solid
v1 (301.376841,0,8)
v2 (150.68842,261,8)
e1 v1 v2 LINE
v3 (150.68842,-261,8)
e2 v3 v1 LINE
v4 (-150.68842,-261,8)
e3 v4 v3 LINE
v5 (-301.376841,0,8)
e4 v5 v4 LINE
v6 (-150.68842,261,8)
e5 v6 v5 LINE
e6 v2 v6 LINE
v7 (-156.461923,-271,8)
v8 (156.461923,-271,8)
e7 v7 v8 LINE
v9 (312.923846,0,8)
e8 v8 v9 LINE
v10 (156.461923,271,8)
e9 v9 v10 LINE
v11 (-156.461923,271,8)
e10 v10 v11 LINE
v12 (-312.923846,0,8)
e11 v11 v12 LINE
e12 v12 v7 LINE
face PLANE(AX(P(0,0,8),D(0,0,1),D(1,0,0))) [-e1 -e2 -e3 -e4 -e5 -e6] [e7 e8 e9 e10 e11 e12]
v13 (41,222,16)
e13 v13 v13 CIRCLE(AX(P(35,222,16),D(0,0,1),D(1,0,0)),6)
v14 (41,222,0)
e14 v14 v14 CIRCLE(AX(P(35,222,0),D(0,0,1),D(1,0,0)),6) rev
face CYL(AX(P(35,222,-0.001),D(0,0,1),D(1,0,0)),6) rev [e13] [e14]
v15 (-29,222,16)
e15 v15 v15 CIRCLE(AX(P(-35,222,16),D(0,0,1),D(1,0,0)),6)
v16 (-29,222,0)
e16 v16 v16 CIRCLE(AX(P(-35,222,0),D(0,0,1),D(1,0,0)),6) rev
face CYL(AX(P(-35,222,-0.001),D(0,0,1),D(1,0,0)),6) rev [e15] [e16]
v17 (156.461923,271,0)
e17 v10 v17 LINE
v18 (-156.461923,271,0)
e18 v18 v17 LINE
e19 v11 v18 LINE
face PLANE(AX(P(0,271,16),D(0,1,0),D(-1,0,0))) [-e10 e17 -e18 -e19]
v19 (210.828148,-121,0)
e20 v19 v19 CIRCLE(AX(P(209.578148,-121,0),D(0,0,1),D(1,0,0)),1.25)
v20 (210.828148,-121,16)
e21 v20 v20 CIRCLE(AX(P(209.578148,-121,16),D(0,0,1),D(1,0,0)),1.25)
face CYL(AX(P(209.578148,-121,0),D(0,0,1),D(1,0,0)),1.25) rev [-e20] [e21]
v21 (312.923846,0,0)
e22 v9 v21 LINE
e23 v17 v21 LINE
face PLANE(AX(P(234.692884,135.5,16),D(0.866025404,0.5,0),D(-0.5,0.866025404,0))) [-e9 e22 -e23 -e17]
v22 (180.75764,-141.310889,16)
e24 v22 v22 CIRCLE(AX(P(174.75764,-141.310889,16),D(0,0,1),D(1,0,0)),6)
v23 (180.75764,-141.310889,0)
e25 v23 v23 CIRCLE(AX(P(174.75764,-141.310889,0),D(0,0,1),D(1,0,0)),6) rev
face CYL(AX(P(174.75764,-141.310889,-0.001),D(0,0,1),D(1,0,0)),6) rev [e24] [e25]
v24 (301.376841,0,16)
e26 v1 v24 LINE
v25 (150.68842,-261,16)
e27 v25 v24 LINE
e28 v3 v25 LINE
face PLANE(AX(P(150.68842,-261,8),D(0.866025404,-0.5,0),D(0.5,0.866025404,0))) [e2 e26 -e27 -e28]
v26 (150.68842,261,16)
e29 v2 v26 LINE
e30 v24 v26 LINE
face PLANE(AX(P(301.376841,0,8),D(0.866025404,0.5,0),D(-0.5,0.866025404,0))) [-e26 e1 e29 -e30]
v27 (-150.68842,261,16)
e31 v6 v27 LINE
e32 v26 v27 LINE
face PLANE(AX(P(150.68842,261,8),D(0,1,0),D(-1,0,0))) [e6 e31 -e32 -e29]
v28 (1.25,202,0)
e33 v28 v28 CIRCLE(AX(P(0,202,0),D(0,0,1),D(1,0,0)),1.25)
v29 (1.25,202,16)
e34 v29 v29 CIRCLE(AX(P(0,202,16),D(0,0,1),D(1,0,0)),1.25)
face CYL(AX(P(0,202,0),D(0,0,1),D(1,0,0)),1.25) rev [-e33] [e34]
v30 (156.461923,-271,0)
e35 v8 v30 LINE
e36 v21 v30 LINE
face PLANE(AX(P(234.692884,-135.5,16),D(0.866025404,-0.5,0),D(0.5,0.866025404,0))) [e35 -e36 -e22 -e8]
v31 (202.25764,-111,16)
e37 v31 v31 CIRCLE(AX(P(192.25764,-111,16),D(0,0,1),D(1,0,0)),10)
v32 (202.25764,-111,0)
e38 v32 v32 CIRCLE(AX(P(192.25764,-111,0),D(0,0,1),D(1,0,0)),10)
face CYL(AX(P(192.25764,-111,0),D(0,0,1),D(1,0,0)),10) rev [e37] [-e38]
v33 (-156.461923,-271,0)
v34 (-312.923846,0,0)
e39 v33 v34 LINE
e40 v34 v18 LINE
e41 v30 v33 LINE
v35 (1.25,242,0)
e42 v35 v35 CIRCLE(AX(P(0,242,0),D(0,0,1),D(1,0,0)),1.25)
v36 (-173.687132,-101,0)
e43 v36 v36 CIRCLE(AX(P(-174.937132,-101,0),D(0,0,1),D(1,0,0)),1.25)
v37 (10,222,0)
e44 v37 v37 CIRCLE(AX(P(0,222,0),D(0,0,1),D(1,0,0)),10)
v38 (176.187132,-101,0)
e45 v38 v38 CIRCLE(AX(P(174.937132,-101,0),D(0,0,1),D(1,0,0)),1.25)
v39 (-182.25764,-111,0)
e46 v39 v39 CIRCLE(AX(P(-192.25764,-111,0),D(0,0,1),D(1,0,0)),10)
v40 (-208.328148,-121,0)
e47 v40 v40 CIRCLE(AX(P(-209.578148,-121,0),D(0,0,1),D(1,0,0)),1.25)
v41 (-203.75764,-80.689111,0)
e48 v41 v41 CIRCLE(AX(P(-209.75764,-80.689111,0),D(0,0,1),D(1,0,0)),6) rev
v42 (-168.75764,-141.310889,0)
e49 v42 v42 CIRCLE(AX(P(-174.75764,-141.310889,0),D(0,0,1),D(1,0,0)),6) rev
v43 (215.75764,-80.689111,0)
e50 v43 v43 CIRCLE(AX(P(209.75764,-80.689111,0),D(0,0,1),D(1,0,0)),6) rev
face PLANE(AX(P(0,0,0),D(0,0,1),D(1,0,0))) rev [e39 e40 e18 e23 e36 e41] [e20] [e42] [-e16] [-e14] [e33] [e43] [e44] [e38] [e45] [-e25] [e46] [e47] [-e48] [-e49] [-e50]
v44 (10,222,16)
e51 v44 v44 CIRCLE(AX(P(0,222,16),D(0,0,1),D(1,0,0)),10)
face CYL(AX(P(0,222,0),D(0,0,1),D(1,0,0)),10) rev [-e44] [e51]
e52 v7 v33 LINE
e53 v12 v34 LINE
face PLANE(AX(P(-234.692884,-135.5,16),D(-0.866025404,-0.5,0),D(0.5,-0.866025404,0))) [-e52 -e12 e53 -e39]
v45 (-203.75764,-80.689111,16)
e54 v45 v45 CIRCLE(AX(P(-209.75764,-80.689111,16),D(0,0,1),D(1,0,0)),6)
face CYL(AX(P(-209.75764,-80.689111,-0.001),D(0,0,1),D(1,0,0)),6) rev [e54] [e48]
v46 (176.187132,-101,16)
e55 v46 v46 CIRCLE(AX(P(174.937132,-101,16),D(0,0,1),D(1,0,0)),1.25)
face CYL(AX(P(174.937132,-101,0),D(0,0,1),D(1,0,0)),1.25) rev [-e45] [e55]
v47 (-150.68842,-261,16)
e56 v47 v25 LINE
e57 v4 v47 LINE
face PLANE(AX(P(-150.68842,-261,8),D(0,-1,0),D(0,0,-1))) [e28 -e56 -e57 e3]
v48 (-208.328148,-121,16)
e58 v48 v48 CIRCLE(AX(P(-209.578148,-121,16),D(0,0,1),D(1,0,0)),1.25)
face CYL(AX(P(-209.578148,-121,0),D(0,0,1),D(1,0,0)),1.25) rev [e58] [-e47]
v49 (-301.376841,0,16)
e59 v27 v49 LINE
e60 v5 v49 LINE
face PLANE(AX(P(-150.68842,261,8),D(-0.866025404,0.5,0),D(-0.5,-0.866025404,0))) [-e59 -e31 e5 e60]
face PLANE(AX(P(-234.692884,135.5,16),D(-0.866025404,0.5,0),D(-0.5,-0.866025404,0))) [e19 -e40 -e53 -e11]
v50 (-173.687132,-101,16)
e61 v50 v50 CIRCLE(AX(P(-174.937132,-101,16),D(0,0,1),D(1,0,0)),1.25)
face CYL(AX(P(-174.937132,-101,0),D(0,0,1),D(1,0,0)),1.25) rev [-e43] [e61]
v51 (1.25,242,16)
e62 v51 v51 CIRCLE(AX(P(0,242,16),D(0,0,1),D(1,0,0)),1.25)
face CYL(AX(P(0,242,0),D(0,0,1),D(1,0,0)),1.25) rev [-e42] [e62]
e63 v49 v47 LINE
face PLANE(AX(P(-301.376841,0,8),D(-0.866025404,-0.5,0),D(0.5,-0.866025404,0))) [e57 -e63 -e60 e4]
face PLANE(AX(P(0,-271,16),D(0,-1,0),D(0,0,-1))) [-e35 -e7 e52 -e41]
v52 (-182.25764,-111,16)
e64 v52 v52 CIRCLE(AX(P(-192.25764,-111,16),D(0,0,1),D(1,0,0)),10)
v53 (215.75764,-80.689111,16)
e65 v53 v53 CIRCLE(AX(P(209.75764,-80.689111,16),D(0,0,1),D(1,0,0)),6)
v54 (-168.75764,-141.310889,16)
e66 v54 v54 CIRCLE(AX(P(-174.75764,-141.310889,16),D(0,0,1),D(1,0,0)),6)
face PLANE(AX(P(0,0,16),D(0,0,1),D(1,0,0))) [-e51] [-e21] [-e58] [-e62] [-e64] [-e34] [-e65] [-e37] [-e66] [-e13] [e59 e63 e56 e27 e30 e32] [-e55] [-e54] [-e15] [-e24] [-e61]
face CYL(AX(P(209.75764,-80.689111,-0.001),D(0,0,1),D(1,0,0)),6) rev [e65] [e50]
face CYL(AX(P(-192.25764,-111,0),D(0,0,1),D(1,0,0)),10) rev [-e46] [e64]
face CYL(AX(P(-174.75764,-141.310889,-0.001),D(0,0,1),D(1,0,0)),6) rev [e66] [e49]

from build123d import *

# Parameters (mm, degrees)
BOSS_EXTRUDE1_DEPTH = 16
CUT_EXTRUDE1_REACH  = 426.953
SKETCH3_R           = 6
SKETCH4_OUTSIDE_W   = 813.904
SKETCH4_OUTSIDE_H   = 727.89
CUT_EXTRUDE2_DEPTH  = 8
SKETCH5_R           = 1.25
SKETCH5_R_2         = 10
CUT_EXTRUDE3_DEPTH  = 425.953330771
CUT_EXTRUDE6_DEPTH  = 425.953330771


with BuildPart() as part:
    # Sketch1 → Boss-Extrude1 (new body)
    with BuildSketch(Plane.XY):
        Polygon((160.503374835, 278), (-160.503374835, 278), (-321.006749669, 0), (-160.503374835, -278), (160.503374835, -278), (321.006749669, 0), align=None)
    extrude(amount=BOSS_EXTRUDE1_DEPTH)

    # Sketch3 → Cut-Extrude1 (cut, up to next)
    with BuildSketch(Plane.XY.offset(16), mode=Mode.PRIVATE) as cut_extrude1_sk1:
        with Locations((35, 222)):
            Circle(SKETCH3_R)
    cut_extrude1_tool1 = extrude(cut_extrude1_sk1.sketch, amount=-CUT_EXTRUDE1_REACH, mode=Mode.PRIVATE) & part.part
    # Sketch3 → Cut-Extrude1 (cut, up to next)
    with BuildSketch(Plane.XY.offset(16), mode=Mode.PRIVATE) as cut_extrude1_sk2:
        with Locations((-35, 222)):
            Circle(SKETCH3_R)
    cut_extrude1_tool2 = extrude(cut_extrude1_sk2.sketch, amount=-CUT_EXTRUDE1_REACH, mode=Mode.PRIVATE) & part.part
    # Sketch3 → Cut-Extrude1 (cut, up to next)
    with BuildSketch(Plane.XY.offset(16), mode=Mode.PRIVATE) as cut_extrude1_sk3:
        with Locations((-209.75763964, -80.689110868)):
            Circle(SKETCH3_R)
    cut_extrude1_tool3 = extrude(cut_extrude1_sk3.sketch, amount=-CUT_EXTRUDE1_REACH, mode=Mode.PRIVATE) & part.part
    # Sketch3 → Cut-Extrude1 (cut, up to next)
    with BuildSketch(Plane.XY.offset(16), mode=Mode.PRIVATE) as cut_extrude1_sk4:
        with Locations((-174.75763964, -141.310889132)):
            Circle(SKETCH3_R)
    cut_extrude1_tool4 = extrude(cut_extrude1_sk4.sketch, amount=-CUT_EXTRUDE1_REACH, mode=Mode.PRIVATE) & part.part
    # Sketch3 → Cut-Extrude1 (cut, up to next)
    with BuildSketch(Plane.XY.offset(16), mode=Mode.PRIVATE) as cut_extrude1_sk5:
        with Locations((174.75763964, -141.310889132)):
            Circle(SKETCH3_R)
    cut_extrude1_tool5 = extrude(cut_extrude1_sk5.sketch, amount=-CUT_EXTRUDE1_REACH, mode=Mode.PRIVATE) & part.part
    # Sketch3 → Cut-Extrude1 (cut, up to next)
    with BuildSketch(Plane.XY.offset(16), mode=Mode.PRIVATE) as cut_extrude1_sk6:
        with Locations((209.75763964, -80.689110868)):
            Circle(SKETCH3_R)
    cut_extrude1_tool6 = extrude(cut_extrude1_sk6.sketch, amount=-CUT_EXTRUDE1_REACH, mode=Mode.PRIVATE) & part.part
    add(cut_extrude1_tool1.solids().sort_by_distance((35, 222, 16))[0], mode=Mode.SUBTRACT)
    add(cut_extrude1_tool2.solids().sort_by_distance((-35, 222, 16))[0], mode=Mode.SUBTRACT)
    add(cut_extrude1_tool3.solids().sort_by_distance((-209.75764, -80.689111, 16))[0], mode=Mode.SUBTRACT)
    add(cut_extrude1_tool4.solids().sort_by_distance((-174.75764, -141.310889, 16))[0], mode=Mode.SUBTRACT)
    add(cut_extrude1_tool5.solids().sort_by_distance((174.75764, -141.310889, 16))[0], mode=Mode.SUBTRACT)
    add(cut_extrude1_tool6.solids().sort_by_distance((209.75764, -80.689111, 16))[0], mode=Mode.SUBTRACT)

    # Sketch4 outside → Cut-Extrude2 (cut)
    with BuildSketch(Plane.XY.offset(16)):
        Rectangle(SKETCH4_OUTSIDE_W, SKETCH4_OUTSIDE_H)
        Polygon((301.376840517, 0), (150.688420258, 261), (-150.688420258, 261), (-301.376840517, 0), (-150.688420258, -261), (150.688420258, -261), align=None, mode=Mode.SUBTRACT)
    extrude(amount=-CUT_EXTRUDE2_DEPTH, mode=Mode.SUBTRACT)

    # Sketch5 → Cut-Extrude3 (cut, through all)
    with BuildSketch(Plane.XY.offset(16)):
        with Locations((209.578147716, -121)):
            Circle(SKETCH5_R)
        with Locations((174.937131564, -101)):
            Circle(SKETCH5_R)
        with Locations((-192.25763964, -111)):
            Circle(SKETCH5_R_2)
        with Locations((0, 222)):
            Circle(SKETCH5_R_2)
        with Locations((-209.578147716, -121)):
            Circle(SKETCH5_R)
        with Locations((-174.937131564, -101)):
            Circle(SKETCH5_R)
        with Locations((0, 242)):
            Circle(SKETCH5_R)
        with Locations((0, 202)):
            Circle(SKETCH5_R)
        with Locations((192.25763964, -111)):
            Circle(SKETCH5_R_2)
    extrude(amount=-CUT_EXTRUDE3_DEPTH, mode=Mode.SUBTRACT)

    # Sketch8 → Cut-Extrude6 (cut, through all)
    with BuildSketch(Plane(origin=(0, 0, 0), x_dir=(-1, 0, 0), z_dir=(0, 0, -1))):
        Polygon((160.503374835, 278), (-160.503374835, 278), (-321.006749669, 0), (-160.503374835, -278), (160.503374835, -278), (321.006749669, 0), align=None)
        Polygon((156.46192295, 271), (-156.46192295, 271), (-312.923845901, 0), (-156.46192295, -271), (156.46192295, -271), (312.923845901, 0), align=None, mode=Mode.SUBTRACT)
    extrude(amount=-CUT_EXTRUDE6_DEPTH, mode=Mode.SUBTRACT)


solid = part.part
